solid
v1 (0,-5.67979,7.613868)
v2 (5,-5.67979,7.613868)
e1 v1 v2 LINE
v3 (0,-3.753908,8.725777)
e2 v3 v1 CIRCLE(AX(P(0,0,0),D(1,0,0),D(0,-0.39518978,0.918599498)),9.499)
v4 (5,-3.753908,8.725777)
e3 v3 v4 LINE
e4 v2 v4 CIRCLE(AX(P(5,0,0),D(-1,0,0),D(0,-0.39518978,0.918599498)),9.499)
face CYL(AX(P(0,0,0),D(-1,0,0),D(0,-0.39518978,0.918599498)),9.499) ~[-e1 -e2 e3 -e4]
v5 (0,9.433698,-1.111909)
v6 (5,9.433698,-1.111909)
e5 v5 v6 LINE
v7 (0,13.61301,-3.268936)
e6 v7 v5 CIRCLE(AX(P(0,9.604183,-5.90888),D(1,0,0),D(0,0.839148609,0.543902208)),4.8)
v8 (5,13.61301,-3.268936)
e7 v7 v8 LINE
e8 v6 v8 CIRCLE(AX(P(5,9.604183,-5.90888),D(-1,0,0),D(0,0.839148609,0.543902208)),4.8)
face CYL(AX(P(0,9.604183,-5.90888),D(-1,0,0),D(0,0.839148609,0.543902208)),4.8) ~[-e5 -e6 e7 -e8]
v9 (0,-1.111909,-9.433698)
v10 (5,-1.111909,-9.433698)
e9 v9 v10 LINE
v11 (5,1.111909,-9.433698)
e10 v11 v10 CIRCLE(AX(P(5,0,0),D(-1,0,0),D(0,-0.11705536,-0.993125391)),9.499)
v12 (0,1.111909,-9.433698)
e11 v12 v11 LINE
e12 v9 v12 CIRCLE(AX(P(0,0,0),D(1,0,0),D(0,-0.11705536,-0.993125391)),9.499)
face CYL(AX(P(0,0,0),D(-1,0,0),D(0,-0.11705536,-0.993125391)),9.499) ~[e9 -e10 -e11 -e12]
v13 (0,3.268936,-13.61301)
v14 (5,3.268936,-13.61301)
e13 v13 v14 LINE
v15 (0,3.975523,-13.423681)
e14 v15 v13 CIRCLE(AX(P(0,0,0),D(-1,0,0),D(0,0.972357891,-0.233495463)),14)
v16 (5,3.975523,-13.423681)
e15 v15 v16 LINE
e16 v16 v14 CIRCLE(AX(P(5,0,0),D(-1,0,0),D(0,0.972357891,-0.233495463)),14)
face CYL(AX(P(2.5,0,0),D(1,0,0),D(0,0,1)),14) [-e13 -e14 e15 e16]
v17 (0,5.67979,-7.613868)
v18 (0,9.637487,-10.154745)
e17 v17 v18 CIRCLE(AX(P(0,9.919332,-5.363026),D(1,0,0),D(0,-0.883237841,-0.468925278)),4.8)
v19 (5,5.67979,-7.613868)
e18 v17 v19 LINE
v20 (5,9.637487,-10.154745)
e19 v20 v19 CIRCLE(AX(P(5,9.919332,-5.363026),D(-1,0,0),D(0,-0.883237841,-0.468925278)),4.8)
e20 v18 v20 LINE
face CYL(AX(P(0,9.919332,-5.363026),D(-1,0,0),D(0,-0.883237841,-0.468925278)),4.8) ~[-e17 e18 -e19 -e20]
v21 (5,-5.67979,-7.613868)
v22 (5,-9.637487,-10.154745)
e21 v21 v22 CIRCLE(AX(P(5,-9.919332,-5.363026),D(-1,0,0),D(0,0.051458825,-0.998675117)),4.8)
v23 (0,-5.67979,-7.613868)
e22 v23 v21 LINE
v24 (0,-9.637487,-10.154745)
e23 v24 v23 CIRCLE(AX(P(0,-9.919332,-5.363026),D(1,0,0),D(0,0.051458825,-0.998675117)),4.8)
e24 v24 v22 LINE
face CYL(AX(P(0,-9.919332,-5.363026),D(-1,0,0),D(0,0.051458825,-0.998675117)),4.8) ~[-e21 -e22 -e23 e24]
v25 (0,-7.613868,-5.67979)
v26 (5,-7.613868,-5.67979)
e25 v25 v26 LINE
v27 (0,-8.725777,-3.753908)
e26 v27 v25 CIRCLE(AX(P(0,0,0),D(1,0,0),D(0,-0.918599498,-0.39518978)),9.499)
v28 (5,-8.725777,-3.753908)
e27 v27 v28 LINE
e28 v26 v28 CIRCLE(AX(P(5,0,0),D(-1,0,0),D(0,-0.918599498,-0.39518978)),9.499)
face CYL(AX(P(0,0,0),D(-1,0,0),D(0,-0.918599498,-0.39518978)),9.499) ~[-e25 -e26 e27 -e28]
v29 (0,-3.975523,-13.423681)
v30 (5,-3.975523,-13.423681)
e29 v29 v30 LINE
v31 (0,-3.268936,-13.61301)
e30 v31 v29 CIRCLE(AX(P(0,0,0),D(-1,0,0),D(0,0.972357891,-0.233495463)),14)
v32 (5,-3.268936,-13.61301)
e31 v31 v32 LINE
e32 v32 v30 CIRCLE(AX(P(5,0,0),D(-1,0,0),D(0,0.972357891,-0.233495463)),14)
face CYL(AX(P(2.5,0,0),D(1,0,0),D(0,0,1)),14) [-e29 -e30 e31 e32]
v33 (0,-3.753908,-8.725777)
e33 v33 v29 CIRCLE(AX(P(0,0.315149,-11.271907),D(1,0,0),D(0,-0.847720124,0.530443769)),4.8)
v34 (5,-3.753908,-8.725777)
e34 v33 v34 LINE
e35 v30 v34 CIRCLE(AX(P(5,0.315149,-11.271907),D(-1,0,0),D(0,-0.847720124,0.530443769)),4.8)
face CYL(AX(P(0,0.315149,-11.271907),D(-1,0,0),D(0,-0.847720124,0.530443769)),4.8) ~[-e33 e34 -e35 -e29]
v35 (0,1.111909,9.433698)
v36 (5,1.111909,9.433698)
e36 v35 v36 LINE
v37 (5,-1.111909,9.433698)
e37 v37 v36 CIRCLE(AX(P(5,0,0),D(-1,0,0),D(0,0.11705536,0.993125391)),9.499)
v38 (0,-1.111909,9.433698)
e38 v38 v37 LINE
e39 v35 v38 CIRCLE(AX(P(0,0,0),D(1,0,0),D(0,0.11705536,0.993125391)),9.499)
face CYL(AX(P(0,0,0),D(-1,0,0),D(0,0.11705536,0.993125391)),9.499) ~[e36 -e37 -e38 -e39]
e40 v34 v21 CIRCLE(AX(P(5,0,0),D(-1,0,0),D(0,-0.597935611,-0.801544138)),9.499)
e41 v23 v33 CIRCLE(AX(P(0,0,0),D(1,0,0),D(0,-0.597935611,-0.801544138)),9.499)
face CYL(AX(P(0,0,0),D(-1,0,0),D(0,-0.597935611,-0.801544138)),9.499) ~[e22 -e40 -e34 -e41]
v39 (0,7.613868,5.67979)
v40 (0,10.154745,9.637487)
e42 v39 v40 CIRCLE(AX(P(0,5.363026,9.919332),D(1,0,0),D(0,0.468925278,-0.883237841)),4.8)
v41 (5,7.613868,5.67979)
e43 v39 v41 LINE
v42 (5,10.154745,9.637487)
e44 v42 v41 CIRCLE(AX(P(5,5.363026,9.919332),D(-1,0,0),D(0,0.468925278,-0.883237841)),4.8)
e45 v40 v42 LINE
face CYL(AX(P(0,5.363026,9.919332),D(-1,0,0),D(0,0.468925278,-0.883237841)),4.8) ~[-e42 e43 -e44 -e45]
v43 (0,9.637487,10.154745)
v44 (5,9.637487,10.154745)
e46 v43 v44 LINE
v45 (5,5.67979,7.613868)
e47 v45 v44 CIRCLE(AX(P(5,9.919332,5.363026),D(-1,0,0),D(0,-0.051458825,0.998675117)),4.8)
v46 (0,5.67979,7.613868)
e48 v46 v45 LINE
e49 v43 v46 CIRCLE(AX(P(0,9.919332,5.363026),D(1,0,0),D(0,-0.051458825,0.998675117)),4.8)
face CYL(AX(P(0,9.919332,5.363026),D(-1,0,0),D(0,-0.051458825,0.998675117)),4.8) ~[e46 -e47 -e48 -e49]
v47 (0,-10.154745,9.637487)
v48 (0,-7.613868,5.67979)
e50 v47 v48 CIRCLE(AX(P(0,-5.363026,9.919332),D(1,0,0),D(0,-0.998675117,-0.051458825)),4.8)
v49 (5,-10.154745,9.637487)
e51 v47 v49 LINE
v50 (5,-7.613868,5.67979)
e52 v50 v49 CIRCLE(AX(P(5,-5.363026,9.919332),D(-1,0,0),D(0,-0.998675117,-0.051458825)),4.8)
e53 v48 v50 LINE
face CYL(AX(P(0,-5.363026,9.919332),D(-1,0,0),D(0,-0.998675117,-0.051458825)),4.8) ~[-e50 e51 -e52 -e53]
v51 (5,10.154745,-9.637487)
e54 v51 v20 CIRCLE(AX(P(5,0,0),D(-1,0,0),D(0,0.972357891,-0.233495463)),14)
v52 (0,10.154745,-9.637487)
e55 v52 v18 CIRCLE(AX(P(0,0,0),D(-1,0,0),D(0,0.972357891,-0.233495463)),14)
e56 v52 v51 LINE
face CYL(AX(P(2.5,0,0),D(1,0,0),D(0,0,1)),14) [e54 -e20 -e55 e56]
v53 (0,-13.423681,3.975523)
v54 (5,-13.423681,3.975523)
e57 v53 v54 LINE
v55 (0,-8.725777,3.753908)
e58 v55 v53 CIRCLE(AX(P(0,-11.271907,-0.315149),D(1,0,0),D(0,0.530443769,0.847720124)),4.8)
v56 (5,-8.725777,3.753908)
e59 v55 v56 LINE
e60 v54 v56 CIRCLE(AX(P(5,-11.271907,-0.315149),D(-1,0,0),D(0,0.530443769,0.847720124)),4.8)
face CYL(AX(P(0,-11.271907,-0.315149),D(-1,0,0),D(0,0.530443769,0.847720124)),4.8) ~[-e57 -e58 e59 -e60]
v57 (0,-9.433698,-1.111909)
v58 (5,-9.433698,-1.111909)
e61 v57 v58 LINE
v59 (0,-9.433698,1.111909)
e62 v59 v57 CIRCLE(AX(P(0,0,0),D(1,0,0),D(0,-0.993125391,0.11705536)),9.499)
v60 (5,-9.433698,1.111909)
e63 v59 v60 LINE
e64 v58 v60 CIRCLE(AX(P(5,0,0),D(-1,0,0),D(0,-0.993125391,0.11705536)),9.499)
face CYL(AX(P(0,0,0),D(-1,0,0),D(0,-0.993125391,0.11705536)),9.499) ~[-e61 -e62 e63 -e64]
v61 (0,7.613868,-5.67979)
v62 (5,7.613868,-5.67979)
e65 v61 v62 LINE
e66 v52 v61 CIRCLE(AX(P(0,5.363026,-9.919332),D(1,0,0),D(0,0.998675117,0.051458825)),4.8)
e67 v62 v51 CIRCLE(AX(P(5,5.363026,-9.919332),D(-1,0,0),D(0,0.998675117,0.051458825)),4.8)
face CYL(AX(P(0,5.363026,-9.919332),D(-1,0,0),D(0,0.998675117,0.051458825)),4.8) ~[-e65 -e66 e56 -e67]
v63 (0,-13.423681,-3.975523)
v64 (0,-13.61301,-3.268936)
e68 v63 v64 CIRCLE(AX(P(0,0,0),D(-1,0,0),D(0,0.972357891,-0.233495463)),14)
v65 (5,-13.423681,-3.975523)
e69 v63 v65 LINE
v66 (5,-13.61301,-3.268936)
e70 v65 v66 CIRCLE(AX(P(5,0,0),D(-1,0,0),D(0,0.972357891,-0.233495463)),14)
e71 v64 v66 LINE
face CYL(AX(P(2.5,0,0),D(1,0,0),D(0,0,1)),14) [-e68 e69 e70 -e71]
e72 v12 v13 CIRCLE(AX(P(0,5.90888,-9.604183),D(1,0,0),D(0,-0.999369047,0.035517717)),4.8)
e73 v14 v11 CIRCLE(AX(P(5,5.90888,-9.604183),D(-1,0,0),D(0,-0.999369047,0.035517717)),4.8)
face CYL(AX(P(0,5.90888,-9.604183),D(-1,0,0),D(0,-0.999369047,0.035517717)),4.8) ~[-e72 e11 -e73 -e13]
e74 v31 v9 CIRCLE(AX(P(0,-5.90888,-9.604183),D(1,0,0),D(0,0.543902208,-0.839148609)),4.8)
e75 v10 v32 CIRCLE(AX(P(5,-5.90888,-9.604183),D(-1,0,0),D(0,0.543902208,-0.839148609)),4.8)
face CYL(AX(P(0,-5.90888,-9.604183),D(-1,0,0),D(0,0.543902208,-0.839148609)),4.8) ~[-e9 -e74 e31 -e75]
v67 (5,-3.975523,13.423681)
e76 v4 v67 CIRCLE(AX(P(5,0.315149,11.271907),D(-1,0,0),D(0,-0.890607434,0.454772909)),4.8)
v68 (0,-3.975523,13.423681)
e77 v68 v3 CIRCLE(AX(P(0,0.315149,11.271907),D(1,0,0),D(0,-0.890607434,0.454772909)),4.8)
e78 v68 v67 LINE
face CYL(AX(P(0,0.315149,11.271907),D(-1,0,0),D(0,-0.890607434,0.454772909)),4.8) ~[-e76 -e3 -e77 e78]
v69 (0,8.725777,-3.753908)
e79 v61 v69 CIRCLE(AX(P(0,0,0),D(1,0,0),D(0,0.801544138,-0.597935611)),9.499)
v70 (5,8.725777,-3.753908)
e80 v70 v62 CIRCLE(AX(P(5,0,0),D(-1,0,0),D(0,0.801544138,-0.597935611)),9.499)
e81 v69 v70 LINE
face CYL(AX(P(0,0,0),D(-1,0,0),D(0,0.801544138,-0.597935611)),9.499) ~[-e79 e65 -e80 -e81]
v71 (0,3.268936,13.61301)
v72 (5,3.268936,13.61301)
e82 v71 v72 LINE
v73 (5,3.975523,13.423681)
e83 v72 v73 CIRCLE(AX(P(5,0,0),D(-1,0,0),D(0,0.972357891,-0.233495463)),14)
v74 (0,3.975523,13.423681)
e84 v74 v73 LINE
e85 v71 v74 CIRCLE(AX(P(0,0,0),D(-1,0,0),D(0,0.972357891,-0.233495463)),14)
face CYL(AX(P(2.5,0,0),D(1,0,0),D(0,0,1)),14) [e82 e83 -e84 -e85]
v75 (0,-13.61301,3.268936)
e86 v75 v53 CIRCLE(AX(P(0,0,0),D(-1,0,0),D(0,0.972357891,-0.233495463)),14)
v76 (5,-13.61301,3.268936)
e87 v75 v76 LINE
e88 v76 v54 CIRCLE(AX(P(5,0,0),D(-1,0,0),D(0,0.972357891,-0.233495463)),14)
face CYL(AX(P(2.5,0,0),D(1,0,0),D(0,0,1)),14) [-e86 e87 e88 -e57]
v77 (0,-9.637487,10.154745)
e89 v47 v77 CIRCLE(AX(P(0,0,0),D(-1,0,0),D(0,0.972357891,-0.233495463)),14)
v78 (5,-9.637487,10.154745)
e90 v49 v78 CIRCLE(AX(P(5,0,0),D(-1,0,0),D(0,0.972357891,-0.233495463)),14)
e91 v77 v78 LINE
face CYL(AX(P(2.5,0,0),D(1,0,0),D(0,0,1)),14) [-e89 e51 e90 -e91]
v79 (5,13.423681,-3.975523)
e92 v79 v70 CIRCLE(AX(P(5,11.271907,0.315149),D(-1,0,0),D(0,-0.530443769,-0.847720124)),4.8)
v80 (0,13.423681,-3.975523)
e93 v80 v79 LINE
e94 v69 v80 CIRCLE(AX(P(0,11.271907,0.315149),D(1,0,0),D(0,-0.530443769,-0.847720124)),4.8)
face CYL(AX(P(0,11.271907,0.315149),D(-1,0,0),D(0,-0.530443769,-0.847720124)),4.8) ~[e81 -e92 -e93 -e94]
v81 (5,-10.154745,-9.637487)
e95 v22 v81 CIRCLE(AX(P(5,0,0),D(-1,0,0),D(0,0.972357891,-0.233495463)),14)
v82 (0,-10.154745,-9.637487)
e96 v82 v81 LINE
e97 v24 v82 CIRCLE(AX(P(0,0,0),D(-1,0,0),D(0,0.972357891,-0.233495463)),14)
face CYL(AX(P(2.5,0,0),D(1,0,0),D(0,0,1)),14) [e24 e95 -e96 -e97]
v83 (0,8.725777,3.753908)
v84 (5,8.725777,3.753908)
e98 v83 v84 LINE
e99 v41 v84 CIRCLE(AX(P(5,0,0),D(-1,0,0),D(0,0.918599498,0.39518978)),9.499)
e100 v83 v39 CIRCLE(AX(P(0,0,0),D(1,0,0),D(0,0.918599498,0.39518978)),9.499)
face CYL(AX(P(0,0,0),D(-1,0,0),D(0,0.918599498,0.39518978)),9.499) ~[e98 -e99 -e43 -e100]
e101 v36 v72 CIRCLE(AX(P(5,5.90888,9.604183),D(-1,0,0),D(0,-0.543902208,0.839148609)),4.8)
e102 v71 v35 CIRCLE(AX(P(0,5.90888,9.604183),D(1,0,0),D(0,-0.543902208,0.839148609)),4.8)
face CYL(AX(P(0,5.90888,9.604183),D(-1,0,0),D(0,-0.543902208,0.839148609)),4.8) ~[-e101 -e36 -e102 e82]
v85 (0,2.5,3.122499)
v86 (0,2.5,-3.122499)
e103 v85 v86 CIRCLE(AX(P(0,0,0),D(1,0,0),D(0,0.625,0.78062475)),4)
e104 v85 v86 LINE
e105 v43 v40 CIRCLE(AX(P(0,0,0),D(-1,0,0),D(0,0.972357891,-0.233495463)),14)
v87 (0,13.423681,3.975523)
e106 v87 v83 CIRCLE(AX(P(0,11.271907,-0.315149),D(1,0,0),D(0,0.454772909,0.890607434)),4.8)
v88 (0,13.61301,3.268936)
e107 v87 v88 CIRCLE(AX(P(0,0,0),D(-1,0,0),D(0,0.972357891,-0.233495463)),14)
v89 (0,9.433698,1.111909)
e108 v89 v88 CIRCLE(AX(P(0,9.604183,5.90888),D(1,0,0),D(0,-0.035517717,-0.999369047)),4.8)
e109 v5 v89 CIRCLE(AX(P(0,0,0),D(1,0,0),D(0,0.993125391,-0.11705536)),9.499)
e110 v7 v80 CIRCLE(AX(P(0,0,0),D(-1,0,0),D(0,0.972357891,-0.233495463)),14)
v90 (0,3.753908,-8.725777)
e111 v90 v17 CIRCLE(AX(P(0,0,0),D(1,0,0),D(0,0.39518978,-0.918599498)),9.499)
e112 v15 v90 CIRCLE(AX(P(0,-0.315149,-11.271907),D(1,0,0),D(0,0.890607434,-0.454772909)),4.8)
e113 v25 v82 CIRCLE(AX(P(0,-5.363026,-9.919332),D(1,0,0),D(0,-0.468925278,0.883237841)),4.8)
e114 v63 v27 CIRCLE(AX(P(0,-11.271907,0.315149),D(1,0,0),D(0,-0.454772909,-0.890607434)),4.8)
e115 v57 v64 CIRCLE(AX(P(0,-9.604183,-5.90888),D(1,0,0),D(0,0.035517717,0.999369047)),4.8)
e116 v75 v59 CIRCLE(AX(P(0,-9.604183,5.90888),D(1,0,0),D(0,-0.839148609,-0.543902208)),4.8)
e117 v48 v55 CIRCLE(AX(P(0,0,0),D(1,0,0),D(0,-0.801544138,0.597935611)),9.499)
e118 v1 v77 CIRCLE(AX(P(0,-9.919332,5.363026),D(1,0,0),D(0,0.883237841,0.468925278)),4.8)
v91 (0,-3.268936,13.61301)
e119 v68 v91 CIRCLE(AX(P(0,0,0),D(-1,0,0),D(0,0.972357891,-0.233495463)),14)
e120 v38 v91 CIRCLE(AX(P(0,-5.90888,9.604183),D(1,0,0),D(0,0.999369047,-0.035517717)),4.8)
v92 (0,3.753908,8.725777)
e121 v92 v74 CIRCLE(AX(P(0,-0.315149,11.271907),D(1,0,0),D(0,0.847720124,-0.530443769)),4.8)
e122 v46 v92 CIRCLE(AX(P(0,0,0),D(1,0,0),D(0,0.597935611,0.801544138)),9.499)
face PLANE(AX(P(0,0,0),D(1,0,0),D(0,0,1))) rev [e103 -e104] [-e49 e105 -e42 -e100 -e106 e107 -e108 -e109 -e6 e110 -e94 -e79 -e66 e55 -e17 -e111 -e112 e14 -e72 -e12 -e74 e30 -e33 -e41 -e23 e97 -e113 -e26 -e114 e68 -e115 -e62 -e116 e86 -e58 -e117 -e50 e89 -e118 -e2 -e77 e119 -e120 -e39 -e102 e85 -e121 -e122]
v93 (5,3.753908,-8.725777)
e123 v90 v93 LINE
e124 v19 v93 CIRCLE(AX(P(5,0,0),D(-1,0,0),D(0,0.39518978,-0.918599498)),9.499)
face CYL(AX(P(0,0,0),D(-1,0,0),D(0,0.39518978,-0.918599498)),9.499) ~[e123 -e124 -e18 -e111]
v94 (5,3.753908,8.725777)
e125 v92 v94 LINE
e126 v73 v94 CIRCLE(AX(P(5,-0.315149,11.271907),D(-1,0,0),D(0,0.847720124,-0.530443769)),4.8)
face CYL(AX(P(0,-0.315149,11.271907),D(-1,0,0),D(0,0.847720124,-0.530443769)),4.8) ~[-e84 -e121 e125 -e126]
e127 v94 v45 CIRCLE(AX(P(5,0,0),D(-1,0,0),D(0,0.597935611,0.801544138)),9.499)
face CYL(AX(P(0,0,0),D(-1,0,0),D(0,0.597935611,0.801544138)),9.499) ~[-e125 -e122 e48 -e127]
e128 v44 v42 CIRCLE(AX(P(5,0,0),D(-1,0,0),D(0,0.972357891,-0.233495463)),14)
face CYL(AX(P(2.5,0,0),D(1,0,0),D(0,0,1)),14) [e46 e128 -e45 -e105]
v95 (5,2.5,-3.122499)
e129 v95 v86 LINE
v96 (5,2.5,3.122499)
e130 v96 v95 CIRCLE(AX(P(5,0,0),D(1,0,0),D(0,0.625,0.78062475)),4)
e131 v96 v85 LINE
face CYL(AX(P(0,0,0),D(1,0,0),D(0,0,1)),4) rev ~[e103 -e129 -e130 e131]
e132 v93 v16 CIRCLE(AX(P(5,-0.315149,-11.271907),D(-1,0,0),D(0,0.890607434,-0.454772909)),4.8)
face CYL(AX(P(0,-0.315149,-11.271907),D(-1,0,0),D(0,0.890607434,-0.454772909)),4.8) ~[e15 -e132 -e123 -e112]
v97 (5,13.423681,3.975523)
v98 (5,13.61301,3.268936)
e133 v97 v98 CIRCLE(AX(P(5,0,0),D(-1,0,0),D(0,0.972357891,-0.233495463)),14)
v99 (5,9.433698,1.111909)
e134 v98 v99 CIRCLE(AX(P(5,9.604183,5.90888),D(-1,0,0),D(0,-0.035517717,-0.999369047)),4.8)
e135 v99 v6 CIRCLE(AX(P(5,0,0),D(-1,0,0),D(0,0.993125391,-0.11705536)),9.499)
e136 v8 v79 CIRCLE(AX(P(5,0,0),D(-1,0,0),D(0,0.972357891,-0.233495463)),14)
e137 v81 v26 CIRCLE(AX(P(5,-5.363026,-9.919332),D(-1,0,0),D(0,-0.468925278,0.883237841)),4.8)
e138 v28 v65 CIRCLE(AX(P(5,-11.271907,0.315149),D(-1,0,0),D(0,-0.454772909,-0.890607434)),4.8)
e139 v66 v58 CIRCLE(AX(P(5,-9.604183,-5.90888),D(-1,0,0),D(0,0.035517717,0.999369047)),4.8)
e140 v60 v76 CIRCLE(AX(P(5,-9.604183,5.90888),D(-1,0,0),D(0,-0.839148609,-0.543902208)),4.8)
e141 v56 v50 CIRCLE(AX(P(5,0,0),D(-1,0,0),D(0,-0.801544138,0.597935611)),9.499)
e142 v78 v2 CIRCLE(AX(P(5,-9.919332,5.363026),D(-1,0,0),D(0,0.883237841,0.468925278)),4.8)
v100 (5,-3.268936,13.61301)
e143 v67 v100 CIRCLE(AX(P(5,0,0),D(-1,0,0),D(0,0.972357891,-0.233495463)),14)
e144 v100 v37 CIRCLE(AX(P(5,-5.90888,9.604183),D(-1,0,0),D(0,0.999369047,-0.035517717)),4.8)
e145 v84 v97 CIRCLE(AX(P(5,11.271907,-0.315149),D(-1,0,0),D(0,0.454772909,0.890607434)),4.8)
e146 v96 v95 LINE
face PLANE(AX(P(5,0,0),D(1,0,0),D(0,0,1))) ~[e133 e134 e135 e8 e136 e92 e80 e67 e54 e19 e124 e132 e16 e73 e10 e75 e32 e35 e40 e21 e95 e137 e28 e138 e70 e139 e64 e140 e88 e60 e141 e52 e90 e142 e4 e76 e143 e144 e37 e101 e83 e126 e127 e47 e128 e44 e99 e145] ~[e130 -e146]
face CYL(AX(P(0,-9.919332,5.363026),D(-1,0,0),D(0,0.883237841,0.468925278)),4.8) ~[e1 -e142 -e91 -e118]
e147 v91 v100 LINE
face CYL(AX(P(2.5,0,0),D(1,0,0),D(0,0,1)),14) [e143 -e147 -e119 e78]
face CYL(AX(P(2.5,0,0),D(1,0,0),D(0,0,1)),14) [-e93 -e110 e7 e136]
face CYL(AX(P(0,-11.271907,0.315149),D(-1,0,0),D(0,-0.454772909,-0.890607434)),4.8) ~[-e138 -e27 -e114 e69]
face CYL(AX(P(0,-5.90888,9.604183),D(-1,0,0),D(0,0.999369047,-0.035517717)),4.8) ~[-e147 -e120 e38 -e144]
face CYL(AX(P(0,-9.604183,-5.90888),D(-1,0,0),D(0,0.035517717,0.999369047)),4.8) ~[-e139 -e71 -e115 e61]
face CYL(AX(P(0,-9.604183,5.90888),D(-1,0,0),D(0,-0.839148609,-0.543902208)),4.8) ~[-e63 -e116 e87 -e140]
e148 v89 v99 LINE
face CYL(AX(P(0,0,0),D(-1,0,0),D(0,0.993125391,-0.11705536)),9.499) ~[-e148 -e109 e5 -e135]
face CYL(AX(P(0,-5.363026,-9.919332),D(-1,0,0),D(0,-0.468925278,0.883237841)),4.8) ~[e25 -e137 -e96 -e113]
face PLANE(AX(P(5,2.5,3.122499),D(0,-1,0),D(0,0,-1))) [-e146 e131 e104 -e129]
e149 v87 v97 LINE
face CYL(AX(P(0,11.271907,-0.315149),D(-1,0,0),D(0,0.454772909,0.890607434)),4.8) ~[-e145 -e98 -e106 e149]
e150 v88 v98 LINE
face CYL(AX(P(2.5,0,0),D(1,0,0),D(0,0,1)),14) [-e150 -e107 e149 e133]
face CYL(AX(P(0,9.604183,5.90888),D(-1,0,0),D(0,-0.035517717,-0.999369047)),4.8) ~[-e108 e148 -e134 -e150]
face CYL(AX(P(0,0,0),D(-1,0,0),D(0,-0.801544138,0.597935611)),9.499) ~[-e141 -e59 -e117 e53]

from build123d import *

# Parameters (mm, degrees)
BASPROSKE_W         = 5
BASPROSKE_H         = 14
TOOTHCUT_DEPTH      = 21.420577857
TEETHCUTS_COUNT     = 12
TEETHCUTS_ANGLE     = 330
BORSKE_R            = 4
BORE_DEPTH          = 50.0000508
BOSS_EXTRUDE1_DEPTH = 5


with BuildPart() as part:
    # BasProSke → Base-Revolve (revolve)
    with BuildSketch(Plane(origin=(0, 0, 0), x_dir=(1, 0, 0), z_dir=(0, 1, 0)), mode=Mode.PRIVATE) as base_revolve_sk:
        with Locations((2.5, 7)):
            Rectangle(BASPROSKE_W, BASPROSKE_H)
    revolve(base_revolve_sk.sketch.rotate(Axis((-10, 0, 0), (1, 0, 0)), 180), axis=Axis((-10, 0, 0), (1, 0, 0)))

    # TooCutSke → ToothCut (cut, through all)
    with BuildSketch(Plane(origin=(0, 0, 0), x_dir=(0, 0, -1), z_dir=(1, 0, 0))):
        with BuildLine():
            ThreePointArc((1.111908866, 9.433698091), (0, 9.499), (-1.111908866, 9.433698091))
            ThreePointArc((-1.111908866, 9.433698091), (-1.651516138, 11.821129337), (-3.298149691, 13.632096456))
            ThreePointArc((-3.298149691, 13.632096456), (0, 14.0254), (3.298149691, 13.632096456))
            ThreePointArc((3.298149691, 13.632096456), (1.651516138, 11.821129337), (1.111908866, 9.433698091))
        make_face()
    toothcut = extrude(amount=TOOTHCUT_DEPTH, mode=Mode.SUBTRACT)

    # TeethCuts: ToothCut ×12 about axis
    teethcuts_axis = Axis((-10, 0, 0), (1, 0, 0))
    for i in range(1, TEETHCUTS_COUNT):
        add(toothcut.rotate(teethcuts_axis, i * TEETHCUTS_ANGLE / (TEETHCUTS_COUNT - 1)), mode=Mode.SUBTRACT)

    # BorSke → Bore (cut, symmetric)
    with BuildSketch(Plane(origin=(0, 0, 0), x_dir=(0, 0, -1), z_dir=(1, 0, 0))):
        with Locations(Location((0, 0, 0), (0, 0, 180))):
            Circle(BORSKE_R)
    extrude(amount=BORE_DEPTH, both=True, mode=Mode.SUBTRACT)

    # Sketch1 → Boss-Extrude1 (add)
    with BuildSketch(Plane(origin=(5, 0, 0), x_dir=(0, 0, -1), z_dir=(1, 0, 0))):
        with BuildLine():
            Line((-3.122498999, 2.5), (3.122498999, 2.5))
            ThreePointArc((3.122498999, 2.5), (0, 4), (-3.122498999, 2.5))
        make_face()
    extrude(amount=-BOSS_EXTRUDE1_DEPTH)


solid = part.part
